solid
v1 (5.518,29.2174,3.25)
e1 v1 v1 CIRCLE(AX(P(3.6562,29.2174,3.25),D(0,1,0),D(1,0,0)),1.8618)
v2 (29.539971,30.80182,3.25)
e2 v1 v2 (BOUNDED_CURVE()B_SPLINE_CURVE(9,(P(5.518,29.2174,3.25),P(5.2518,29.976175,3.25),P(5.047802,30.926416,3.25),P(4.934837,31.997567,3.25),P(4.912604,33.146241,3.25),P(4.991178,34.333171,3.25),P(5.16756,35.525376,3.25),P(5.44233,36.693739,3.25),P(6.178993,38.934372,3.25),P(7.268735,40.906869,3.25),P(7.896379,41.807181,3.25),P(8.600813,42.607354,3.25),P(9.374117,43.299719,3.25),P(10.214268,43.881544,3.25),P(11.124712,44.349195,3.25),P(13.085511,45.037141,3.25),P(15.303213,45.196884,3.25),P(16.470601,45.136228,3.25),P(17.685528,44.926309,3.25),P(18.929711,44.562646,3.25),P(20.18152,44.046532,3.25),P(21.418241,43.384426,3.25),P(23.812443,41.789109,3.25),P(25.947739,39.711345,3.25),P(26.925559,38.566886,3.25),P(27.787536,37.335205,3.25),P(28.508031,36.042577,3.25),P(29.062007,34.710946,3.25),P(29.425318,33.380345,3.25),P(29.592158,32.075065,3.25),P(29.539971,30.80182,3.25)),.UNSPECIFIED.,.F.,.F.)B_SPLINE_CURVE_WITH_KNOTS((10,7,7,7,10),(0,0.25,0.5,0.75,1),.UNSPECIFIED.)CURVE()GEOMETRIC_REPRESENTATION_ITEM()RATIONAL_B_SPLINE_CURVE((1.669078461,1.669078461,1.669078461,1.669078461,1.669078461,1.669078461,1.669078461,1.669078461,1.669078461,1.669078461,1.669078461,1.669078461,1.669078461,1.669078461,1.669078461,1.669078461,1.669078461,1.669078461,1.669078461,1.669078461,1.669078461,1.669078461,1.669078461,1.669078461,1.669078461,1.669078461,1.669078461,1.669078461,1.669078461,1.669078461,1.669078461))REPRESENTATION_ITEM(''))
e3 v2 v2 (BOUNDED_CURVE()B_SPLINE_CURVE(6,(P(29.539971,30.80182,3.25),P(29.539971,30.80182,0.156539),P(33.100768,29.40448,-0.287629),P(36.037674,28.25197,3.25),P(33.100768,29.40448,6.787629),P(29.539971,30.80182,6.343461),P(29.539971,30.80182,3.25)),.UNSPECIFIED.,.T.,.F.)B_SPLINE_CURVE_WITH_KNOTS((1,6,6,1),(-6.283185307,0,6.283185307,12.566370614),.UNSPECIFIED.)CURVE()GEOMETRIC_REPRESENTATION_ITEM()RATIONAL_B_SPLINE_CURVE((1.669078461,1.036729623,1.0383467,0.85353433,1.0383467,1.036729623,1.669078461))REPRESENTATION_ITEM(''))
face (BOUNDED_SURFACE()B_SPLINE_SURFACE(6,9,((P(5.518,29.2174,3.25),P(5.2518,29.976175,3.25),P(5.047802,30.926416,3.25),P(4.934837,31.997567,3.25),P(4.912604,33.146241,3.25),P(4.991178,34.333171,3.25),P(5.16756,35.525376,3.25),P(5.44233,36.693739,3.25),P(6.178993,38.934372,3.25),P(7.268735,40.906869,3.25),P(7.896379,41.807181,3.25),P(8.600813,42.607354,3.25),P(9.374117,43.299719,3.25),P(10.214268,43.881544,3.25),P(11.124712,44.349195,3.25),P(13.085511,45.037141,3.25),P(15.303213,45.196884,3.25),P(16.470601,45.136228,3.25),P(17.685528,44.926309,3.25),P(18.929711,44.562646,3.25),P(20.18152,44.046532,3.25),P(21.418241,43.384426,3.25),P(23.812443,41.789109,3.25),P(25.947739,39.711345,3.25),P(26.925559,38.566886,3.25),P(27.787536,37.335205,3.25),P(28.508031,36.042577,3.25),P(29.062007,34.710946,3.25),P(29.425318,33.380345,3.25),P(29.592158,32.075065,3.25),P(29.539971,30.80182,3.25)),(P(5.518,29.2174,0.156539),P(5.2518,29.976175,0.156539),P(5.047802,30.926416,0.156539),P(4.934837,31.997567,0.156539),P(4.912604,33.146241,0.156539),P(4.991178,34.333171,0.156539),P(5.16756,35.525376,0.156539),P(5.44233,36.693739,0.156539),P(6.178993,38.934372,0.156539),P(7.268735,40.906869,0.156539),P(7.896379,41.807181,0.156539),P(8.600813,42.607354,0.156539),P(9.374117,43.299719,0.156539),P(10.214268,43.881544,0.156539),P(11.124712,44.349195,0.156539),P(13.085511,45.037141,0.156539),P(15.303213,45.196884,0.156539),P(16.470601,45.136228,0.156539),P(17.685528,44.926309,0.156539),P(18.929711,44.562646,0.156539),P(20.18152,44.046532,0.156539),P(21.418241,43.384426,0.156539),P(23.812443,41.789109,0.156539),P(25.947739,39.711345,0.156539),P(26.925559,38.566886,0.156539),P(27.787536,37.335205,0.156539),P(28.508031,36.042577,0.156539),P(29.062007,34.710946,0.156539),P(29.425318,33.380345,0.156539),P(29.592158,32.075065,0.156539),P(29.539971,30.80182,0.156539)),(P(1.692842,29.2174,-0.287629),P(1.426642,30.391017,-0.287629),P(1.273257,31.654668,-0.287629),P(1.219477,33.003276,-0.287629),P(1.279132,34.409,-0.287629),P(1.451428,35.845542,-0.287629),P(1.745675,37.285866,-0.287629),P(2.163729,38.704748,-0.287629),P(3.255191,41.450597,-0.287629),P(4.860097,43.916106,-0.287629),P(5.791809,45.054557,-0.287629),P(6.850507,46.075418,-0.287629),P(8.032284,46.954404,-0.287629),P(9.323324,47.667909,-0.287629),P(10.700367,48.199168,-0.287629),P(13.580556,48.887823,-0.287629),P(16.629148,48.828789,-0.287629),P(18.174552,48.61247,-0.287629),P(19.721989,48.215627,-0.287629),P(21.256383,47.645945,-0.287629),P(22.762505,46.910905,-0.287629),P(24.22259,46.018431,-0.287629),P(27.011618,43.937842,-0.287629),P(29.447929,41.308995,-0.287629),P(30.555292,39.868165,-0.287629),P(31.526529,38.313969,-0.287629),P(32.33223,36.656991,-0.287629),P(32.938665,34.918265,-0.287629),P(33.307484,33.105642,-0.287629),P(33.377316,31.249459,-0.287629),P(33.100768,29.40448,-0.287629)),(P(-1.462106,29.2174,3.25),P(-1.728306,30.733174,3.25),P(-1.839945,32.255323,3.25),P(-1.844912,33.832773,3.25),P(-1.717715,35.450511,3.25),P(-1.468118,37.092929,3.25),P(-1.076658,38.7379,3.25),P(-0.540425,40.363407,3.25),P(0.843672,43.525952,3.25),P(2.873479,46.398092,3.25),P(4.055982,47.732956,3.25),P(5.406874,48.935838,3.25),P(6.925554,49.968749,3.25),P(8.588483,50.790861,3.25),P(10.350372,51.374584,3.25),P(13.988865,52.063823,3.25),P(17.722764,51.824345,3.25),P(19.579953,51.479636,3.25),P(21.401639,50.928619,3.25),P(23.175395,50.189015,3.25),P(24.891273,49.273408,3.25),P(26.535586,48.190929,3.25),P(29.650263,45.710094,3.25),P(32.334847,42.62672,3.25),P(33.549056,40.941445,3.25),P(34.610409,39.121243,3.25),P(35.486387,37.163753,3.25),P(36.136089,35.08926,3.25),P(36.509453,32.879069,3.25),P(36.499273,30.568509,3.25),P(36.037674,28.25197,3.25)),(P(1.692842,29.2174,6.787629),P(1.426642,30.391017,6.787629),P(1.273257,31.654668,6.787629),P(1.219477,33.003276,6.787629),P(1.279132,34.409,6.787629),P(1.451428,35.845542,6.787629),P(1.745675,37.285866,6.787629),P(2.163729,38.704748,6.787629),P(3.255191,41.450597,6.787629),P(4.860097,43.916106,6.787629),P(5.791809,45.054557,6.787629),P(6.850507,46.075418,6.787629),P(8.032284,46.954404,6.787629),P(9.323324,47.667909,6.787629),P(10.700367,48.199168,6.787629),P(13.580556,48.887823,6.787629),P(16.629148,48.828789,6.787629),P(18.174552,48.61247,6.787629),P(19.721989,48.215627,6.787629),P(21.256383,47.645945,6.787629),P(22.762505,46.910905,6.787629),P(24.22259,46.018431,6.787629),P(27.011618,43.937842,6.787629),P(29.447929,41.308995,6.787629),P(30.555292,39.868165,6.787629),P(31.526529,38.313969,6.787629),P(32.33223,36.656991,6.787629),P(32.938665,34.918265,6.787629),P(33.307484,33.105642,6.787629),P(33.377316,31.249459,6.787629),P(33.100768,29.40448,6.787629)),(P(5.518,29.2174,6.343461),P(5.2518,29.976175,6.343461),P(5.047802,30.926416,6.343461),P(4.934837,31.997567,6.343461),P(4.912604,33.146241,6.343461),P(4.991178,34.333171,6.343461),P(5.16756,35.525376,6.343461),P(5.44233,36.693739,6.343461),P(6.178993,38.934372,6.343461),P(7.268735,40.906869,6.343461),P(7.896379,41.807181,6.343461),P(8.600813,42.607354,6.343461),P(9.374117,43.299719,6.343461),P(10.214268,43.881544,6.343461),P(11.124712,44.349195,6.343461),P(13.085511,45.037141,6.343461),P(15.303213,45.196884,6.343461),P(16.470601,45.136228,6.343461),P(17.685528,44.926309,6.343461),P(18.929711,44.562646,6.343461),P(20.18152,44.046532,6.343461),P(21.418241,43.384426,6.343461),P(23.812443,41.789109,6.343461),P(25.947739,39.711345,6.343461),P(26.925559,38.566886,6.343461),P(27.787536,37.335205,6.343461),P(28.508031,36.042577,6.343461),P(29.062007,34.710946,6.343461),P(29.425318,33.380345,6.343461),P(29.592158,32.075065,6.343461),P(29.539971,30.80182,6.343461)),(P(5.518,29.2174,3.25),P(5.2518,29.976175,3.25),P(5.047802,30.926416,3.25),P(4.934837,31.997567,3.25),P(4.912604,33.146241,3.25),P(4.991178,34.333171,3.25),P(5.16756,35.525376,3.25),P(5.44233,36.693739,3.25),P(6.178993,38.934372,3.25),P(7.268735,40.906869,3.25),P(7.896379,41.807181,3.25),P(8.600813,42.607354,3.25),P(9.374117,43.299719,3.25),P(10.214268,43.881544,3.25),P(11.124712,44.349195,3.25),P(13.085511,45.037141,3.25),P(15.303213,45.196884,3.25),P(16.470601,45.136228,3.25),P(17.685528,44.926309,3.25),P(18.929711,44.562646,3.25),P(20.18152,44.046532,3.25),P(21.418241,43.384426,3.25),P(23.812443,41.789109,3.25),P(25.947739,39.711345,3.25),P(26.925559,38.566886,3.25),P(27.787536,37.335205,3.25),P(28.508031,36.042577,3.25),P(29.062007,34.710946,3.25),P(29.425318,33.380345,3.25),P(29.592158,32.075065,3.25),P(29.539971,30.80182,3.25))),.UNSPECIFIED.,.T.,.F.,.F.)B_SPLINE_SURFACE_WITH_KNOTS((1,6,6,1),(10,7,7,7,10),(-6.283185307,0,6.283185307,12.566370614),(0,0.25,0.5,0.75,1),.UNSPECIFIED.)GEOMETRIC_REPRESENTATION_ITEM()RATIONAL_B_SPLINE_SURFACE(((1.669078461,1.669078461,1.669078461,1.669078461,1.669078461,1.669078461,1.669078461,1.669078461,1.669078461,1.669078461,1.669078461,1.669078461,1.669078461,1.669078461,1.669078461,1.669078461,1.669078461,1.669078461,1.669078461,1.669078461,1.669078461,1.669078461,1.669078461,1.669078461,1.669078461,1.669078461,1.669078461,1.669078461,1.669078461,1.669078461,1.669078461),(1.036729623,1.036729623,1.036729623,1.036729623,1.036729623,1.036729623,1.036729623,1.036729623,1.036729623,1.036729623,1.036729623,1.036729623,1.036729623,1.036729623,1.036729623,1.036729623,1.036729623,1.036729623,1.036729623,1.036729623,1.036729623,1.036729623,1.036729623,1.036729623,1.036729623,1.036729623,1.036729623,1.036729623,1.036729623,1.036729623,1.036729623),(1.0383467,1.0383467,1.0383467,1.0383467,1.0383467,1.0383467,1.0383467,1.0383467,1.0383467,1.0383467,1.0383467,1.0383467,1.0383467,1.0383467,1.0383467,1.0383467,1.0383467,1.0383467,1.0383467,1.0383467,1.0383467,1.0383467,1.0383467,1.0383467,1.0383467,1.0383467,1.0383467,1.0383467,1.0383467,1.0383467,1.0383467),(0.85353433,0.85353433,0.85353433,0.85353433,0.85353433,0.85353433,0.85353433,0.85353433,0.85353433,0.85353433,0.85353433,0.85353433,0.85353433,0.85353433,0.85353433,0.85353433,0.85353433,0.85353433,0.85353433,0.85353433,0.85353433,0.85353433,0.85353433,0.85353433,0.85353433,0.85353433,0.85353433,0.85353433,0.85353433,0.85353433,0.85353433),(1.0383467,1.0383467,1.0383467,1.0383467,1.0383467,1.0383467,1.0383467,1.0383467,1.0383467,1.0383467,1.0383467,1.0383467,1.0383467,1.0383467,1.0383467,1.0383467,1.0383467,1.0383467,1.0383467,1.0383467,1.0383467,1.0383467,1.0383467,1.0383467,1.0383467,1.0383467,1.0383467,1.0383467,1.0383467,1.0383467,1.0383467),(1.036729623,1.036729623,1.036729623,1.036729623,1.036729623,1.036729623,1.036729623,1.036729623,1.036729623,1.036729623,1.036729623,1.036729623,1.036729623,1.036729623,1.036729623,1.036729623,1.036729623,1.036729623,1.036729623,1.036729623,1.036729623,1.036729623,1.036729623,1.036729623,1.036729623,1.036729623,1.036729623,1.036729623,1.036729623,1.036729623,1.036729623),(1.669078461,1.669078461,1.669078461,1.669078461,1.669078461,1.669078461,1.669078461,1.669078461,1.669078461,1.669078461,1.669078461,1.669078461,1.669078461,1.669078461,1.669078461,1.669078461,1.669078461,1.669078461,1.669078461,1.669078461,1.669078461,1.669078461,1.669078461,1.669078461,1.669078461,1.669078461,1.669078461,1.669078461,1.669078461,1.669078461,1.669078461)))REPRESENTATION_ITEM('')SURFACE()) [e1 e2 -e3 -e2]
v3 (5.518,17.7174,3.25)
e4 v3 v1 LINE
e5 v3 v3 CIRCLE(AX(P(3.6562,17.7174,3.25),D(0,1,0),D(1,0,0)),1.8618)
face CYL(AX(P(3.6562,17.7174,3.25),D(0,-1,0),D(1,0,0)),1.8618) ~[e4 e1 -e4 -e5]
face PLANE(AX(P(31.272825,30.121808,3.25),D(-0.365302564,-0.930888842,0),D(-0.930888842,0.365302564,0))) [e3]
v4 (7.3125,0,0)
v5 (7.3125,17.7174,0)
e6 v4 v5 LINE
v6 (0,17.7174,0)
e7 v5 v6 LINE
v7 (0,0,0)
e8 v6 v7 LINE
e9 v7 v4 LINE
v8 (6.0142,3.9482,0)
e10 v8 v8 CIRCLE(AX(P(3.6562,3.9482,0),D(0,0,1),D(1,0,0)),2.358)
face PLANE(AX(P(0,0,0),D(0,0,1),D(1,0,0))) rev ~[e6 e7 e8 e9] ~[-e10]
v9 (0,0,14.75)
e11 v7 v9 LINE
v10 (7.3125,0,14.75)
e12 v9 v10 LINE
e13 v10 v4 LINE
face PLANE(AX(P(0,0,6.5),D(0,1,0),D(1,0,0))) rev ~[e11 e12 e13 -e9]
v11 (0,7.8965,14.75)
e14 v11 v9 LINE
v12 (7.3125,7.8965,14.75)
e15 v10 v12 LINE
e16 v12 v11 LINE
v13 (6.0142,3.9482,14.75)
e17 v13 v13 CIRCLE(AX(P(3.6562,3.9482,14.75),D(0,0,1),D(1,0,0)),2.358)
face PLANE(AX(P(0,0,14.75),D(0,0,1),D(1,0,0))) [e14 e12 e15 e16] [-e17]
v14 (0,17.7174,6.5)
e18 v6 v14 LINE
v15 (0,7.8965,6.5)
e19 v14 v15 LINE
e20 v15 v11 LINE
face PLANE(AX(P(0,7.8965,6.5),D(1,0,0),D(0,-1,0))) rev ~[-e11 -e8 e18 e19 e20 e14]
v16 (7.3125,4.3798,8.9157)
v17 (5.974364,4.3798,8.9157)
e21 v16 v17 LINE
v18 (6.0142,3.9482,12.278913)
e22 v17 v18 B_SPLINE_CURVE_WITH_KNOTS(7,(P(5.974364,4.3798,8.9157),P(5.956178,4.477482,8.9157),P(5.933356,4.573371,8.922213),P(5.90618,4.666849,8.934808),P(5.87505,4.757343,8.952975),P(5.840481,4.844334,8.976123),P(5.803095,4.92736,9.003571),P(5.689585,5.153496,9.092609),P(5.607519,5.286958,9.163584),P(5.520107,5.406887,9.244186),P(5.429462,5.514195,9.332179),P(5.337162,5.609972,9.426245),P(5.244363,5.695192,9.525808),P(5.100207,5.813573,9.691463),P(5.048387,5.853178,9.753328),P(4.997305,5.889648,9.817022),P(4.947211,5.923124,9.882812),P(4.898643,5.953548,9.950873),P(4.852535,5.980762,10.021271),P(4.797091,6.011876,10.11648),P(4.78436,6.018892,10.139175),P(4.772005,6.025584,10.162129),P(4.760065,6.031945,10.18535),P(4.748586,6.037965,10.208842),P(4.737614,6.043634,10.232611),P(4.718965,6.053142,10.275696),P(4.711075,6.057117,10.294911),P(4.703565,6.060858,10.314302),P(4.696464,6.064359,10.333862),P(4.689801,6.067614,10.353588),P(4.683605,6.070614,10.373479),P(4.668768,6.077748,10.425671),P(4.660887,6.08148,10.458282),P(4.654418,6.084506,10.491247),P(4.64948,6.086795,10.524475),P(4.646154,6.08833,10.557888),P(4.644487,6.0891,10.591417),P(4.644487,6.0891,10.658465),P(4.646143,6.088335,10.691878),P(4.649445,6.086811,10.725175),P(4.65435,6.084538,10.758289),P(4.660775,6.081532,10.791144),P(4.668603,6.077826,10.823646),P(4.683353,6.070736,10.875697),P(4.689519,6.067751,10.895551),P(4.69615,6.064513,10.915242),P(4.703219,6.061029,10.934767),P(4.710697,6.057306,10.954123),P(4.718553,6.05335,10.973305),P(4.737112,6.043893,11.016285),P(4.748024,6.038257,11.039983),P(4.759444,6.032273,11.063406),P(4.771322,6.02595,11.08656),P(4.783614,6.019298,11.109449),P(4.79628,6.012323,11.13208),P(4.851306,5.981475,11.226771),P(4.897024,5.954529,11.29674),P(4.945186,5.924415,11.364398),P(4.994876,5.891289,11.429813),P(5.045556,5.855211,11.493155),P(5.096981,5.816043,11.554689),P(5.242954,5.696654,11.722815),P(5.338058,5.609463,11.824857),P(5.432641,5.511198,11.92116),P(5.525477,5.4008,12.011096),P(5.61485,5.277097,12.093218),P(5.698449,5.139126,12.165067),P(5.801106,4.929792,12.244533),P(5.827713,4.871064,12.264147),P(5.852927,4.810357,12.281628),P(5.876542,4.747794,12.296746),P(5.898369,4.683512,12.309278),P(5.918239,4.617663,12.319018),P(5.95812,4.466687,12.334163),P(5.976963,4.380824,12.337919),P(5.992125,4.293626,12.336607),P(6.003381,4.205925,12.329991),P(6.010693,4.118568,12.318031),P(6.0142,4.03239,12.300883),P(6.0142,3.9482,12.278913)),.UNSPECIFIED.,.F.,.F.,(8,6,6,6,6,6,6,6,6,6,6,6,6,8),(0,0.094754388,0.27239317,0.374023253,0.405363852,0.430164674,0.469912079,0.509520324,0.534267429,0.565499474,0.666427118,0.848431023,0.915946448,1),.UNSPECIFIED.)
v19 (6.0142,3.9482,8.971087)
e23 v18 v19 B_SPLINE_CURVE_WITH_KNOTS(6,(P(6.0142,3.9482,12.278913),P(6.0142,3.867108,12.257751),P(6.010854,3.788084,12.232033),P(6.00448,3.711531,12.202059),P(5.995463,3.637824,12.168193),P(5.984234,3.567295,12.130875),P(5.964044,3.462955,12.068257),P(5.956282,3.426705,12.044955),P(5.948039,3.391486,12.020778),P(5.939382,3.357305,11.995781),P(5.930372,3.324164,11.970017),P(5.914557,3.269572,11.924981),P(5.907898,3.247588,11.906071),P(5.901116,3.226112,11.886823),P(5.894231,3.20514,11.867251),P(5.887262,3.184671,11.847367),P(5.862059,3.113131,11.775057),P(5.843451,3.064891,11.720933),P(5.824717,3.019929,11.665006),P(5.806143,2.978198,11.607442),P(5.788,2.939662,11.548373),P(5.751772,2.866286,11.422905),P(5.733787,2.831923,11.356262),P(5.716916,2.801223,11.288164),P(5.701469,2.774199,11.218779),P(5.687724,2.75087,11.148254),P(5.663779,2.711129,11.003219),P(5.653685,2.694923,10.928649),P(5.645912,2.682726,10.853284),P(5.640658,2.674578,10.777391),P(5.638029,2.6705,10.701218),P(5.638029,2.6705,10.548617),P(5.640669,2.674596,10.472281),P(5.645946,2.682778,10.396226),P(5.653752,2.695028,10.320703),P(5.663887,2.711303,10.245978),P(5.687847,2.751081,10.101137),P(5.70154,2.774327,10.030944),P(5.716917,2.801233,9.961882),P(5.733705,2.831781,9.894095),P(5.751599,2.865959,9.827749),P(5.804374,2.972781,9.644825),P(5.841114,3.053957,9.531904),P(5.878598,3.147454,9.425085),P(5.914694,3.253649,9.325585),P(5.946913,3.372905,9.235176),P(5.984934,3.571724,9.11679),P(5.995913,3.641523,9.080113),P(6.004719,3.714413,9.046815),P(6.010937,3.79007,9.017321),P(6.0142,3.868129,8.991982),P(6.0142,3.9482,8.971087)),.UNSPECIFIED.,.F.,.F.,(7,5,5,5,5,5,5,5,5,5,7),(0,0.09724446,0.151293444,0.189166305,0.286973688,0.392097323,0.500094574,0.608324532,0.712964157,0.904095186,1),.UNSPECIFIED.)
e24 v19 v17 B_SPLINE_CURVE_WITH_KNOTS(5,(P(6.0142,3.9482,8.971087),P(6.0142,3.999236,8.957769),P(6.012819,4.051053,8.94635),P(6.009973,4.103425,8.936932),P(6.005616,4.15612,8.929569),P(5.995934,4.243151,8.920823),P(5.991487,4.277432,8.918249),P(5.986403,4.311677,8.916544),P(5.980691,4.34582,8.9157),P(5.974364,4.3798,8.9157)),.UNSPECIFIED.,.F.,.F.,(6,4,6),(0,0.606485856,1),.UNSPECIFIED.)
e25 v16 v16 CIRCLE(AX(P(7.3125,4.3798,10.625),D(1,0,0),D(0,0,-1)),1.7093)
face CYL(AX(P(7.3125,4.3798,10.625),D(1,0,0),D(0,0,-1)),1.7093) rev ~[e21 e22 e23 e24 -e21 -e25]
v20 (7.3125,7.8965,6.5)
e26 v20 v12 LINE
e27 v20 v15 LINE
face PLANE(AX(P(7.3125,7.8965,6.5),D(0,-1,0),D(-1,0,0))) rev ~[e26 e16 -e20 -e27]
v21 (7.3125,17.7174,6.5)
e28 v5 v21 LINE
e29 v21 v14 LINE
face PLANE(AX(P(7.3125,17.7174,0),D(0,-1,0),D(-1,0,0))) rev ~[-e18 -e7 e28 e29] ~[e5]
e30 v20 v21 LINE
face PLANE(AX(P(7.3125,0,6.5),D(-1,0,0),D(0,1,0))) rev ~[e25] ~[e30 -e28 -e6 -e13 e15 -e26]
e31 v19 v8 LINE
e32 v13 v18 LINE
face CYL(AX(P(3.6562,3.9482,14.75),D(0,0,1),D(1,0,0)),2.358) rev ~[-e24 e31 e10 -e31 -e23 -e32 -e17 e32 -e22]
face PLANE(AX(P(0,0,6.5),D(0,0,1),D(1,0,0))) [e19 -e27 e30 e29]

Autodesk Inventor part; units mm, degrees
ref_plane "YZ Plane" through (0, 0, 0) normal (1, 0, 0) x (0, 1, 0)
ref_plane "XZ Plane" through (0, 0, 0) normal (0, 1, 0) x (-1, 0, 0)
ref_plane "XY Plane" through (0, 0, 0) normal (0, 0, 1) x (1, 0, 0)
sketch "Sketch1" plane through (0, 0, 0) normal (0, 0, 1) x (1, 0, 0)
  line L0 (0, 0) -> (7.3125, 0)
  line L1 (7.3125, 0) -> (7.3125, 17.7174)
  line L2 (7.3125, 17.7174) -> (0, 17.7174)
  line L3 (0, 17.7174) -> (0, 0)
extrude "Extrusion1" add sketch "Sketch1" along normal blind 6.5
sketch "Sketch2" plane through (0, 17.7174, 0) normal (0, 1, 0) x (1, 0, 0)
  line L0 (7.3125, 0) -> (0, 0) projected
  line L1 (0, 0) -> (0, -6.5) projected
  line L2 (7.3125, -6.5) -> (0, -6.5) projected
  line L3 (7.3125, 0) -> (7.3125, -6.5) projected
  circle A0 centre (3.6562, -3.25) radius 1.8618
extrude "Extrusion2" add sketch "Sketch2" along normal blind 11.5 contours A0
ref_plane "Work Plane1" through (0, 0, 3.25) normal (0, 0, 1) x (1, 0, 0)
sketch "Sketch3" plane through (0, 0, 3.25) normal (0, 0, 1) x (1, 0, 0)
  line L0 (5.5181, 29.2174) -> (1.7944, 29.2174) projected
  spline S0 degree 4 poles (3.6562, 29.2174) (1.2604, 37.8636) (7.2009, 60.1511) (32.7256, 44.0854) (31.2731, 30.1217) knots 0 0 0 0 0 1 1 1 1 1
  point P0 (0, 0)
  point P1 (4.4619, 39.176)
  point P2 (11.5543, 46.3185)
  point P3 (23.5265, 44.0553)
sketch "Sketch4" plane through (3.6562, 29.2174, 3.25) normal (0, 1, 0) x (1, 0, 0)
  circle A0 centre (0, 0) radius 1.8618 projected
  point P0 (-3.6562, 3.25)
sweep "Sweep1" add profiles "Sketch4" path "Sketch3" path curves S0
sketch "Sketch5" plane through (0, 0, 6.5) normal (0, 0, 1) x (1, 0, 0)
  line L0 (0, 17.7174) -> (0, 0) projected
  line L1 (7.3125, 0) -> (7.3125, 17.7174) projected
  line L2 (0, 0) -> (7.3125, 0)
  line L3 (7.3125, 0) -> (7.3125, 7.8965)
  line L4 (7.3125, 7.8965) -> (0, 7.8965)
  line L5 (0, 7.8965) -> (0, 0)
extrude "Extrusion3" add sketch "Sketch5" along normal blind 8.25
sketch "Sketch6" plane through (0, 0, 14.75) normal (0, 0, 1) x (1, 0, 0)
  circle A0 centre (3.6562, 3.9482) radius 2.358
  line L0 (7.3125, 7.8965) -> (0, 7.8965) projected
  line L1 (0, 7.8965) -> (0, 0) projected
  line L2 (0, 0) -> (7.3125, 0) projected
  line L3 (7.3125, 0) -> (7.3125, 7.8965) projected
  point P0 (7.3125, 3.9482)
  point P1 (3.6562, 0)
extrude "Extrusion4" cut sketch "Sketch6" against normal through all contours A0
sketch "Sketch7" plane through (7.3125, 0, 0) normal (1, 0, 0) x (0, 0, -1)
  line L0 (0, 0) -> (0, 17.7174) projected
  line L1 (0, 17.7174) -> (-6.5, 17.7174) projected
  line L2 (-6.5, 7.8965) -> (-6.5, 17.7174) projected
  line L3 (-6.5, 7.8965) -> (-14.75, 7.8965) projected
  line L4 (-14.75, 0) -> (-14.75, 7.8965) projected
  line L5 (0, 0) -> (-14.75, 0) projected
  circle A0 centre (-10.625, 4.3798) radius 1.7093
extrude "Extrusion5" cut sketch "Sketch7" against normal up to next contours A0
properties part number "platformHookv1"
